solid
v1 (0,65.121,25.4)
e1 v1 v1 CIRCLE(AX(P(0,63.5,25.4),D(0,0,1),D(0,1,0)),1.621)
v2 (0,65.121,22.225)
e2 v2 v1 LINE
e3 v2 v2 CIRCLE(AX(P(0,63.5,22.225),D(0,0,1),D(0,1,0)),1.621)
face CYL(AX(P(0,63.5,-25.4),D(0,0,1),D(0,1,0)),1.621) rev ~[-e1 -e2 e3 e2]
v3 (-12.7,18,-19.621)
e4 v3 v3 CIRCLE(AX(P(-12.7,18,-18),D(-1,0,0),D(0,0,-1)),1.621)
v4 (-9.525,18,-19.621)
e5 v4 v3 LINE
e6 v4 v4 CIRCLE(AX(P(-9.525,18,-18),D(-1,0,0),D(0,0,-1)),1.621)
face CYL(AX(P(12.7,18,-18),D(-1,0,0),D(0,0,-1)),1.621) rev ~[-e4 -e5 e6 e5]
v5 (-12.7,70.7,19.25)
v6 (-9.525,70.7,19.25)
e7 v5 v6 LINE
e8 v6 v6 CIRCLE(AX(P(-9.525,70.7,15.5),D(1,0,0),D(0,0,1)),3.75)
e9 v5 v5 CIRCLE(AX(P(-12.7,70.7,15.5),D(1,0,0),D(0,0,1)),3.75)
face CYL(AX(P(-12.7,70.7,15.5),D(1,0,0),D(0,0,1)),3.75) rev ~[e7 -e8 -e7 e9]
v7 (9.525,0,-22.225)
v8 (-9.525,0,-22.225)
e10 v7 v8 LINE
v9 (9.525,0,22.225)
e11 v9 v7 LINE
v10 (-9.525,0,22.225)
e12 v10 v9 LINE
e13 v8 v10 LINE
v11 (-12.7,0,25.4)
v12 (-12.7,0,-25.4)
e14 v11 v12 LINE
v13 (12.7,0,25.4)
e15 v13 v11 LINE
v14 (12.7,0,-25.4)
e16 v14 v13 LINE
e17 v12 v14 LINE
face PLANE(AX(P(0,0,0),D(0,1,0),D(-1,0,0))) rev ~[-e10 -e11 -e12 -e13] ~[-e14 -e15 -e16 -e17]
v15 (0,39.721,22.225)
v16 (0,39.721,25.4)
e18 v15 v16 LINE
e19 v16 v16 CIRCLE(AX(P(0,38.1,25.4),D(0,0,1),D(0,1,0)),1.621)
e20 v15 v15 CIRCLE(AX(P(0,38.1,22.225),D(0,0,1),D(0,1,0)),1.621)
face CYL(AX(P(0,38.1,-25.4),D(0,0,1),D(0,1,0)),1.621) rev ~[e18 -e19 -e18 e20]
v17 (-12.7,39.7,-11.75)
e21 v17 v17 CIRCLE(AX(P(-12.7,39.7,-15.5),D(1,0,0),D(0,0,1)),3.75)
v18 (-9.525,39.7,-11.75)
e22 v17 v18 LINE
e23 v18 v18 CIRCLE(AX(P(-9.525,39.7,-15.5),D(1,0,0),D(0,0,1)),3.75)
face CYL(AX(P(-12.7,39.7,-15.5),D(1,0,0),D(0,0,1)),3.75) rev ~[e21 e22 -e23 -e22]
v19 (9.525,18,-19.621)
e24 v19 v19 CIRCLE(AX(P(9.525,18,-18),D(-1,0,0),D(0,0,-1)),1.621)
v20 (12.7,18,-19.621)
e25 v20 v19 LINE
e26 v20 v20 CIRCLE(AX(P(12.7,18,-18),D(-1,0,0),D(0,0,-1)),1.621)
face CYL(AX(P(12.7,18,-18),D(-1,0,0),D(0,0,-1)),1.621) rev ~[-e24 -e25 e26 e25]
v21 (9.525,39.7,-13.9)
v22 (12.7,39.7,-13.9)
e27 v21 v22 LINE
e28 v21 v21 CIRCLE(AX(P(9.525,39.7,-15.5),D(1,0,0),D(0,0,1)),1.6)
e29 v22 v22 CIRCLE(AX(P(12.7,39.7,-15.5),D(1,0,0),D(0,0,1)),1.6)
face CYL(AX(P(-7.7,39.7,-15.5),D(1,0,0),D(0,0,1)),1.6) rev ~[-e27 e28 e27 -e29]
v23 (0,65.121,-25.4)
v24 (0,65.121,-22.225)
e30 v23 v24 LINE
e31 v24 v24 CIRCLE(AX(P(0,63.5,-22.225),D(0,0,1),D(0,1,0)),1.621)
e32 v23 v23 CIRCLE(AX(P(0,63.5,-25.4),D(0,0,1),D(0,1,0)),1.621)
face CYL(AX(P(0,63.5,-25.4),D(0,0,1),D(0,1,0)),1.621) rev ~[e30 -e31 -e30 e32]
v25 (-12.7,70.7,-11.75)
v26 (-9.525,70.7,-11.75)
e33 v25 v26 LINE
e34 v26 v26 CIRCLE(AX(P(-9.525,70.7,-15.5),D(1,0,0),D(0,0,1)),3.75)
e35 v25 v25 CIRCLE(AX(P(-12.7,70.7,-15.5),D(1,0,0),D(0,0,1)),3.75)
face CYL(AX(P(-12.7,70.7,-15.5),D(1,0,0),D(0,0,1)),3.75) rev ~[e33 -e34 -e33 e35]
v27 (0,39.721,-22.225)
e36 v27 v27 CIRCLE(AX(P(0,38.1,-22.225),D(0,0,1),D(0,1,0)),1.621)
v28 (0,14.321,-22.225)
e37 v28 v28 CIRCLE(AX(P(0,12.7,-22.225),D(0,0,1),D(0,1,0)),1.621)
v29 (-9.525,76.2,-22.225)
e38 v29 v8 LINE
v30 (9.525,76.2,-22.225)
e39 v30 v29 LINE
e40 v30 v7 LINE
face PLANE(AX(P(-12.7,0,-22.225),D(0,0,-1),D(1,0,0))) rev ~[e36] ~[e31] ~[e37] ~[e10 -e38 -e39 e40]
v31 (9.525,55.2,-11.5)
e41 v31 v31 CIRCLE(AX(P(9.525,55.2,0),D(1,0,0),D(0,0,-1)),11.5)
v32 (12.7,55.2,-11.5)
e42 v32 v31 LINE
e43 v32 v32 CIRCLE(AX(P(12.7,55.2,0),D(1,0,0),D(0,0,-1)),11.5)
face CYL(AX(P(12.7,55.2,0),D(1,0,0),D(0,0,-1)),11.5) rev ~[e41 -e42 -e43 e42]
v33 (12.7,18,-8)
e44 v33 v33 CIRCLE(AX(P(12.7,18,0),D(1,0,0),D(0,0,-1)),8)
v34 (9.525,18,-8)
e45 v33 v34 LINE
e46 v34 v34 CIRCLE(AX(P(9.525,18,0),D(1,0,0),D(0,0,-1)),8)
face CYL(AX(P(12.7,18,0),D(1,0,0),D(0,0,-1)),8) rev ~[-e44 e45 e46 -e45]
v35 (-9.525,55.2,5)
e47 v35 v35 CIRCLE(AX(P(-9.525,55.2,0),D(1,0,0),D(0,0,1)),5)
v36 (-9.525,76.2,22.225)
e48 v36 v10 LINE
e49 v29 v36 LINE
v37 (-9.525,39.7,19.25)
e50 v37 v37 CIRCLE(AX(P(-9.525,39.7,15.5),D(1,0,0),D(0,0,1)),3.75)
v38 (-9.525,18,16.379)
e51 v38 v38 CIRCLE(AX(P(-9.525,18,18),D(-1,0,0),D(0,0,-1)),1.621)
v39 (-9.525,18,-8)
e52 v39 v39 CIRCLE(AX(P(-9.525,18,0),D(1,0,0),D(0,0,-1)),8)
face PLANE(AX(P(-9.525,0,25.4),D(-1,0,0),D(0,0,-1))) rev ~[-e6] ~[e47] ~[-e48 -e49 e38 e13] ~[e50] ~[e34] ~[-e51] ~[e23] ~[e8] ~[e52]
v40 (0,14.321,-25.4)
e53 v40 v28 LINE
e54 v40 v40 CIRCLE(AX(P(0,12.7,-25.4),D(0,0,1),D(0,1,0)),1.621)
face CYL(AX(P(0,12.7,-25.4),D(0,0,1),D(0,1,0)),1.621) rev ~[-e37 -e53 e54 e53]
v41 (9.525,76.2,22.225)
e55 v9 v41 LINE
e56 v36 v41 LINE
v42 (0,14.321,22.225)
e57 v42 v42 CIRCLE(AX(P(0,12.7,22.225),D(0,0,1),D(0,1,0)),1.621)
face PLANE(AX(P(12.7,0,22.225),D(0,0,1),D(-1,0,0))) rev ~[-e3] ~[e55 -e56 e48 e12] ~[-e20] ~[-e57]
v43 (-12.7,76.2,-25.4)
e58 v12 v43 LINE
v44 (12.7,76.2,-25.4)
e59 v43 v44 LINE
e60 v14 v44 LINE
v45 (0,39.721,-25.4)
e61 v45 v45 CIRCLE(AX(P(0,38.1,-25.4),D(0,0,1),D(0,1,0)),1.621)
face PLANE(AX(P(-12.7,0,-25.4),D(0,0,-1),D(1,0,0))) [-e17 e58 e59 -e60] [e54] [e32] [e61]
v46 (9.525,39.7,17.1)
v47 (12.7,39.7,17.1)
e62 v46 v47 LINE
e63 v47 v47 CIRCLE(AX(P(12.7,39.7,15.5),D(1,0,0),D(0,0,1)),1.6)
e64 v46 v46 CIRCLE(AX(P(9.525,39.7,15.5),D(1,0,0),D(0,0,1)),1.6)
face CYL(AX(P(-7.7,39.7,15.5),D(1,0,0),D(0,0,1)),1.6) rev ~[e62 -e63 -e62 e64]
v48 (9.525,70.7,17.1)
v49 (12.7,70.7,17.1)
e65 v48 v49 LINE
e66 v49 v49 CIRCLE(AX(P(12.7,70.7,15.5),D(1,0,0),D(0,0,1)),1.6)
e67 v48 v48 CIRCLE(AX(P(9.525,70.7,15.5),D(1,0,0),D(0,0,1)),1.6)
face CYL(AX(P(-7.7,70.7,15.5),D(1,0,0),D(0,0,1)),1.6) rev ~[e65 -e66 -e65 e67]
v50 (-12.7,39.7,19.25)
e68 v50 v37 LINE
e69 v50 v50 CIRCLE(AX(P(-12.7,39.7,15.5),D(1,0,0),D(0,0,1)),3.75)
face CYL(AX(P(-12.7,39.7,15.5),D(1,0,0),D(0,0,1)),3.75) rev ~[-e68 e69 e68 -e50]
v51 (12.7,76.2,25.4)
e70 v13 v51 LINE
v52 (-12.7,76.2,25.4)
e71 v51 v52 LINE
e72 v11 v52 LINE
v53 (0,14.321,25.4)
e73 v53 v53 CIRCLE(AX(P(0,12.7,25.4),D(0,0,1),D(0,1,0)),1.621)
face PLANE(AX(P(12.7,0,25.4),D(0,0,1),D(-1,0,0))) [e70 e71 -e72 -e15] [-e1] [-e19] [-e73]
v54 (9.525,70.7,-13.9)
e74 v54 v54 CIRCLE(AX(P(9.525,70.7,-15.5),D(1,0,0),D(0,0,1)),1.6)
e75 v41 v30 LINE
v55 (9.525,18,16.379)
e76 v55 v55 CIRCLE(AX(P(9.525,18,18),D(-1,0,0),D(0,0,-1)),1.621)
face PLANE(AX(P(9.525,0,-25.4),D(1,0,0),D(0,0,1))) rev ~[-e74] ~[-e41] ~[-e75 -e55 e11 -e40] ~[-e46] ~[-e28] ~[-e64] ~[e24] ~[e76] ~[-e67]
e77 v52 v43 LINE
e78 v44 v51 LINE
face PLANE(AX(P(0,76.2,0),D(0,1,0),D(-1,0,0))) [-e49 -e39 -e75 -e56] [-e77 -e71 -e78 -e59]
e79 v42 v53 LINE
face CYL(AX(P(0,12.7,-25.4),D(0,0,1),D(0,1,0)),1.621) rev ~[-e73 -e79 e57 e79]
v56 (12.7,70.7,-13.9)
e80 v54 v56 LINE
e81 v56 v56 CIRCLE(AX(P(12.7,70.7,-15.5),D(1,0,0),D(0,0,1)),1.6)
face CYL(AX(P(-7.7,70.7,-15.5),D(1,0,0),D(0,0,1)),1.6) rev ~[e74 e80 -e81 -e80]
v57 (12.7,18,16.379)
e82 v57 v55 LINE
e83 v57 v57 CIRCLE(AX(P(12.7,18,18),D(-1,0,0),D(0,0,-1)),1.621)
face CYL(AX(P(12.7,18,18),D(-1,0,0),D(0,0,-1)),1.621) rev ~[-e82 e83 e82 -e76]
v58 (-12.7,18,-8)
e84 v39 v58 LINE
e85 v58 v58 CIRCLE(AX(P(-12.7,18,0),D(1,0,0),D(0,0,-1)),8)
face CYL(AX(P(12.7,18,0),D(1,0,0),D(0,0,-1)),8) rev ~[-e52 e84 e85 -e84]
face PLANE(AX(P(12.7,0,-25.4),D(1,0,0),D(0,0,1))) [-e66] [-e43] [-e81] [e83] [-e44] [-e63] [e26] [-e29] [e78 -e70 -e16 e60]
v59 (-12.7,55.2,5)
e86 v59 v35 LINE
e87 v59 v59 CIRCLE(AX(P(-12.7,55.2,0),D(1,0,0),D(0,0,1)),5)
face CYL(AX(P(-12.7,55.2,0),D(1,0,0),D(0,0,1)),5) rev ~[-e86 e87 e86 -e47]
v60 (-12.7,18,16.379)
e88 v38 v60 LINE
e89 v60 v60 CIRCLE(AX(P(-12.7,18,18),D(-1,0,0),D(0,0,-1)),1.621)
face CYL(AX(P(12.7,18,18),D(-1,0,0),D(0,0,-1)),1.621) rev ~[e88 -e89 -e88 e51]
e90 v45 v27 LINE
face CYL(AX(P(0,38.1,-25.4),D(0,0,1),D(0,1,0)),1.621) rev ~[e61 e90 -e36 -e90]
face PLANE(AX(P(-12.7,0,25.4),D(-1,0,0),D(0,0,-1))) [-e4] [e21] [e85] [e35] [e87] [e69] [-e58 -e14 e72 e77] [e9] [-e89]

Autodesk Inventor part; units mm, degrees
ref_plane "YZ Plane" through (0, 0, 0) normal (1, 0, 0) x (0, 1, 0)
ref_plane "XZ Plane" through (0, 0, 0) normal (0, 1, 0) x (-1, 0, 0)
ref_plane "XY Plane" through (0, 0, 0) normal (0, 0, 1) x (1, 0, 0)
sketch "Sketch1" plane through (0, 0, 0) normal (0, 1, 0) x (-1, 0, 0)
  line L0 (-12.7, 25.4) -> (12.7, 25.4)
  line L1 (12.7, 25.4) -> (12.7, -25.4)
  line L2 (12.7, -25.4) -> (-12.7, -25.4)
  line L3 (-12.7, -25.4) -> (-12.7, 25.4)
  line L4 (-12.7, 25.4) -> (12.7, -25.4) construction
  line L5 (12.7, 25.4) -> (-12.7, -25.4) construction
  point P0 (0, 0)
  dimension "d0" = 50.8
  dimension "d1" = 25.4
extrude "Extrusion1" add sketch "Sketch1" along normal blind 76.2
shell "Shell1" thickness 3.175 removed faces 2 at (-4.2333, 0, 8.4667) at (-4.2333, 76.2, 8.4667)
sketch "Sketch2" plane through (-12.7, 0, -25.4) normal (-1, 0, 0) x (0, 0, 1)
  line L0 (9.9, 39.7) -> (40.9, 39.7)
  line L1 (40.9, 39.7) -> (40.9, 70.7)
  line L2 (40.9, 70.7) -> (9.9, 70.7)
  line L3 (9.9, 70.7) -> (9.9, 39.7)
  line L4 (9.9, 39.7) -> (40.9, 70.7) construction
  line L5 (40.9, 39.7) -> (9.9, 70.7) construction
  line L6 (0, 76.2) -> (50.8, 76.2) projected
  point P0 (25.4, 0)
  point P1 (25.4, 55.2)
  point P2 (25.4, 55.2)
  point P3 (25.4, 76.2)
  dimension "d5" = 31
  dimension "d6" = 31
  dimension "d7" = 21
hole "Hole1" at (-12.7, 70.7, -15.5) at (-12.7, 70.7, 15.5) at (-12.7, 39.7, 15.5) at (-12.7, 39.7, -15.5) direction (1, 0, 0) diameter 3.2 end through all counterbore diameter 7.5 counterbore depth 5 clearance for "Socket Head Cap Screw" size "M3" standard "Ansi Metric M Profile"
hole "Hole2" at (-12.7, 55.2, 0) direction (1, 0, 0) diameter 10 end through all
sketch "Sketch3" plane through (12.7, 0, 25.4) normal (1, 0, 0) x (0, 0, -1)
  circle A0 centre (25.4, 55.2) radius 5 projected
  circle A1 centre (25.4, 55.2) radius 11.5
  point P0 (25.4, 0)
  dimension "d22" = 23
extrude "Extrusion2" cut sketch "Sketch3" against normal up to surface (22.225 mm away) contours A0 | A1
sketch "Sketch4" plane through (12.7, 0, 25.4) normal (1, 0, 0) x (0, 0, -1)
  circle A0 centre (25.4, 18) radius 8
  line L0 (50.8, 0) -> (0, 0) projected
  point P0 (25.4, 0)
  point P1 (25.4, 0)
  dimension "d25" = 16
  dimension "d26" = 18
extrude "Extrusion3" cut sketch "Sketch4" against normal through all
sketch "Sketch6" plane through (12.7, 0, -25.4) normal (0, 0, -1) x (-1, 0, 0)
  line L0 (12.7, 12.7) -> (12.7, 63.5)
  line L1 (25.4, 0) -> (0, 0) projected
  line L2 (0, 76.2) -> (25.4, 76.2) projected
  line L3 (25.4, 0) -> (25.4, 76.2) projected
  point P0 (12.7, 0)
  point P1 (12.7, 38.1)
  point P2 (12.7, 0)
  point P3 (25.4, 38.1)
  dimension "d55" = 50.8
hole "Hole4" at (0, 38.1, -25.4) at (0, 63.5, -25.4) at (0, 12.7, -25.4) direction (0, 0, 1) diameter 3.242 end through all thread size "M4x0.7" class "6H" standard "ANSI Metric M Profile"
sketch "Sketch7" plane through (12.7, 0, 25.4) normal (1, 0, 0) x (0, 0, -1)
  circle A0 centre (25.4, 18) radius 8 projected
  line L0 (7.4, 18) -> (43.4, 18)
  point P0 (25.4, 0)
  dimension "d47" = 36
hole "Hole5" at (12.7, 18, -18) at (12.7, 18, 18) direction (-1, 0, 0) diameter 3.242 end through all thread size "M4x0.7" class "6H" standard "ANSI Metric M Profile"
equation "\"d6\" = d5"
properties part number "Transmission_Case"
